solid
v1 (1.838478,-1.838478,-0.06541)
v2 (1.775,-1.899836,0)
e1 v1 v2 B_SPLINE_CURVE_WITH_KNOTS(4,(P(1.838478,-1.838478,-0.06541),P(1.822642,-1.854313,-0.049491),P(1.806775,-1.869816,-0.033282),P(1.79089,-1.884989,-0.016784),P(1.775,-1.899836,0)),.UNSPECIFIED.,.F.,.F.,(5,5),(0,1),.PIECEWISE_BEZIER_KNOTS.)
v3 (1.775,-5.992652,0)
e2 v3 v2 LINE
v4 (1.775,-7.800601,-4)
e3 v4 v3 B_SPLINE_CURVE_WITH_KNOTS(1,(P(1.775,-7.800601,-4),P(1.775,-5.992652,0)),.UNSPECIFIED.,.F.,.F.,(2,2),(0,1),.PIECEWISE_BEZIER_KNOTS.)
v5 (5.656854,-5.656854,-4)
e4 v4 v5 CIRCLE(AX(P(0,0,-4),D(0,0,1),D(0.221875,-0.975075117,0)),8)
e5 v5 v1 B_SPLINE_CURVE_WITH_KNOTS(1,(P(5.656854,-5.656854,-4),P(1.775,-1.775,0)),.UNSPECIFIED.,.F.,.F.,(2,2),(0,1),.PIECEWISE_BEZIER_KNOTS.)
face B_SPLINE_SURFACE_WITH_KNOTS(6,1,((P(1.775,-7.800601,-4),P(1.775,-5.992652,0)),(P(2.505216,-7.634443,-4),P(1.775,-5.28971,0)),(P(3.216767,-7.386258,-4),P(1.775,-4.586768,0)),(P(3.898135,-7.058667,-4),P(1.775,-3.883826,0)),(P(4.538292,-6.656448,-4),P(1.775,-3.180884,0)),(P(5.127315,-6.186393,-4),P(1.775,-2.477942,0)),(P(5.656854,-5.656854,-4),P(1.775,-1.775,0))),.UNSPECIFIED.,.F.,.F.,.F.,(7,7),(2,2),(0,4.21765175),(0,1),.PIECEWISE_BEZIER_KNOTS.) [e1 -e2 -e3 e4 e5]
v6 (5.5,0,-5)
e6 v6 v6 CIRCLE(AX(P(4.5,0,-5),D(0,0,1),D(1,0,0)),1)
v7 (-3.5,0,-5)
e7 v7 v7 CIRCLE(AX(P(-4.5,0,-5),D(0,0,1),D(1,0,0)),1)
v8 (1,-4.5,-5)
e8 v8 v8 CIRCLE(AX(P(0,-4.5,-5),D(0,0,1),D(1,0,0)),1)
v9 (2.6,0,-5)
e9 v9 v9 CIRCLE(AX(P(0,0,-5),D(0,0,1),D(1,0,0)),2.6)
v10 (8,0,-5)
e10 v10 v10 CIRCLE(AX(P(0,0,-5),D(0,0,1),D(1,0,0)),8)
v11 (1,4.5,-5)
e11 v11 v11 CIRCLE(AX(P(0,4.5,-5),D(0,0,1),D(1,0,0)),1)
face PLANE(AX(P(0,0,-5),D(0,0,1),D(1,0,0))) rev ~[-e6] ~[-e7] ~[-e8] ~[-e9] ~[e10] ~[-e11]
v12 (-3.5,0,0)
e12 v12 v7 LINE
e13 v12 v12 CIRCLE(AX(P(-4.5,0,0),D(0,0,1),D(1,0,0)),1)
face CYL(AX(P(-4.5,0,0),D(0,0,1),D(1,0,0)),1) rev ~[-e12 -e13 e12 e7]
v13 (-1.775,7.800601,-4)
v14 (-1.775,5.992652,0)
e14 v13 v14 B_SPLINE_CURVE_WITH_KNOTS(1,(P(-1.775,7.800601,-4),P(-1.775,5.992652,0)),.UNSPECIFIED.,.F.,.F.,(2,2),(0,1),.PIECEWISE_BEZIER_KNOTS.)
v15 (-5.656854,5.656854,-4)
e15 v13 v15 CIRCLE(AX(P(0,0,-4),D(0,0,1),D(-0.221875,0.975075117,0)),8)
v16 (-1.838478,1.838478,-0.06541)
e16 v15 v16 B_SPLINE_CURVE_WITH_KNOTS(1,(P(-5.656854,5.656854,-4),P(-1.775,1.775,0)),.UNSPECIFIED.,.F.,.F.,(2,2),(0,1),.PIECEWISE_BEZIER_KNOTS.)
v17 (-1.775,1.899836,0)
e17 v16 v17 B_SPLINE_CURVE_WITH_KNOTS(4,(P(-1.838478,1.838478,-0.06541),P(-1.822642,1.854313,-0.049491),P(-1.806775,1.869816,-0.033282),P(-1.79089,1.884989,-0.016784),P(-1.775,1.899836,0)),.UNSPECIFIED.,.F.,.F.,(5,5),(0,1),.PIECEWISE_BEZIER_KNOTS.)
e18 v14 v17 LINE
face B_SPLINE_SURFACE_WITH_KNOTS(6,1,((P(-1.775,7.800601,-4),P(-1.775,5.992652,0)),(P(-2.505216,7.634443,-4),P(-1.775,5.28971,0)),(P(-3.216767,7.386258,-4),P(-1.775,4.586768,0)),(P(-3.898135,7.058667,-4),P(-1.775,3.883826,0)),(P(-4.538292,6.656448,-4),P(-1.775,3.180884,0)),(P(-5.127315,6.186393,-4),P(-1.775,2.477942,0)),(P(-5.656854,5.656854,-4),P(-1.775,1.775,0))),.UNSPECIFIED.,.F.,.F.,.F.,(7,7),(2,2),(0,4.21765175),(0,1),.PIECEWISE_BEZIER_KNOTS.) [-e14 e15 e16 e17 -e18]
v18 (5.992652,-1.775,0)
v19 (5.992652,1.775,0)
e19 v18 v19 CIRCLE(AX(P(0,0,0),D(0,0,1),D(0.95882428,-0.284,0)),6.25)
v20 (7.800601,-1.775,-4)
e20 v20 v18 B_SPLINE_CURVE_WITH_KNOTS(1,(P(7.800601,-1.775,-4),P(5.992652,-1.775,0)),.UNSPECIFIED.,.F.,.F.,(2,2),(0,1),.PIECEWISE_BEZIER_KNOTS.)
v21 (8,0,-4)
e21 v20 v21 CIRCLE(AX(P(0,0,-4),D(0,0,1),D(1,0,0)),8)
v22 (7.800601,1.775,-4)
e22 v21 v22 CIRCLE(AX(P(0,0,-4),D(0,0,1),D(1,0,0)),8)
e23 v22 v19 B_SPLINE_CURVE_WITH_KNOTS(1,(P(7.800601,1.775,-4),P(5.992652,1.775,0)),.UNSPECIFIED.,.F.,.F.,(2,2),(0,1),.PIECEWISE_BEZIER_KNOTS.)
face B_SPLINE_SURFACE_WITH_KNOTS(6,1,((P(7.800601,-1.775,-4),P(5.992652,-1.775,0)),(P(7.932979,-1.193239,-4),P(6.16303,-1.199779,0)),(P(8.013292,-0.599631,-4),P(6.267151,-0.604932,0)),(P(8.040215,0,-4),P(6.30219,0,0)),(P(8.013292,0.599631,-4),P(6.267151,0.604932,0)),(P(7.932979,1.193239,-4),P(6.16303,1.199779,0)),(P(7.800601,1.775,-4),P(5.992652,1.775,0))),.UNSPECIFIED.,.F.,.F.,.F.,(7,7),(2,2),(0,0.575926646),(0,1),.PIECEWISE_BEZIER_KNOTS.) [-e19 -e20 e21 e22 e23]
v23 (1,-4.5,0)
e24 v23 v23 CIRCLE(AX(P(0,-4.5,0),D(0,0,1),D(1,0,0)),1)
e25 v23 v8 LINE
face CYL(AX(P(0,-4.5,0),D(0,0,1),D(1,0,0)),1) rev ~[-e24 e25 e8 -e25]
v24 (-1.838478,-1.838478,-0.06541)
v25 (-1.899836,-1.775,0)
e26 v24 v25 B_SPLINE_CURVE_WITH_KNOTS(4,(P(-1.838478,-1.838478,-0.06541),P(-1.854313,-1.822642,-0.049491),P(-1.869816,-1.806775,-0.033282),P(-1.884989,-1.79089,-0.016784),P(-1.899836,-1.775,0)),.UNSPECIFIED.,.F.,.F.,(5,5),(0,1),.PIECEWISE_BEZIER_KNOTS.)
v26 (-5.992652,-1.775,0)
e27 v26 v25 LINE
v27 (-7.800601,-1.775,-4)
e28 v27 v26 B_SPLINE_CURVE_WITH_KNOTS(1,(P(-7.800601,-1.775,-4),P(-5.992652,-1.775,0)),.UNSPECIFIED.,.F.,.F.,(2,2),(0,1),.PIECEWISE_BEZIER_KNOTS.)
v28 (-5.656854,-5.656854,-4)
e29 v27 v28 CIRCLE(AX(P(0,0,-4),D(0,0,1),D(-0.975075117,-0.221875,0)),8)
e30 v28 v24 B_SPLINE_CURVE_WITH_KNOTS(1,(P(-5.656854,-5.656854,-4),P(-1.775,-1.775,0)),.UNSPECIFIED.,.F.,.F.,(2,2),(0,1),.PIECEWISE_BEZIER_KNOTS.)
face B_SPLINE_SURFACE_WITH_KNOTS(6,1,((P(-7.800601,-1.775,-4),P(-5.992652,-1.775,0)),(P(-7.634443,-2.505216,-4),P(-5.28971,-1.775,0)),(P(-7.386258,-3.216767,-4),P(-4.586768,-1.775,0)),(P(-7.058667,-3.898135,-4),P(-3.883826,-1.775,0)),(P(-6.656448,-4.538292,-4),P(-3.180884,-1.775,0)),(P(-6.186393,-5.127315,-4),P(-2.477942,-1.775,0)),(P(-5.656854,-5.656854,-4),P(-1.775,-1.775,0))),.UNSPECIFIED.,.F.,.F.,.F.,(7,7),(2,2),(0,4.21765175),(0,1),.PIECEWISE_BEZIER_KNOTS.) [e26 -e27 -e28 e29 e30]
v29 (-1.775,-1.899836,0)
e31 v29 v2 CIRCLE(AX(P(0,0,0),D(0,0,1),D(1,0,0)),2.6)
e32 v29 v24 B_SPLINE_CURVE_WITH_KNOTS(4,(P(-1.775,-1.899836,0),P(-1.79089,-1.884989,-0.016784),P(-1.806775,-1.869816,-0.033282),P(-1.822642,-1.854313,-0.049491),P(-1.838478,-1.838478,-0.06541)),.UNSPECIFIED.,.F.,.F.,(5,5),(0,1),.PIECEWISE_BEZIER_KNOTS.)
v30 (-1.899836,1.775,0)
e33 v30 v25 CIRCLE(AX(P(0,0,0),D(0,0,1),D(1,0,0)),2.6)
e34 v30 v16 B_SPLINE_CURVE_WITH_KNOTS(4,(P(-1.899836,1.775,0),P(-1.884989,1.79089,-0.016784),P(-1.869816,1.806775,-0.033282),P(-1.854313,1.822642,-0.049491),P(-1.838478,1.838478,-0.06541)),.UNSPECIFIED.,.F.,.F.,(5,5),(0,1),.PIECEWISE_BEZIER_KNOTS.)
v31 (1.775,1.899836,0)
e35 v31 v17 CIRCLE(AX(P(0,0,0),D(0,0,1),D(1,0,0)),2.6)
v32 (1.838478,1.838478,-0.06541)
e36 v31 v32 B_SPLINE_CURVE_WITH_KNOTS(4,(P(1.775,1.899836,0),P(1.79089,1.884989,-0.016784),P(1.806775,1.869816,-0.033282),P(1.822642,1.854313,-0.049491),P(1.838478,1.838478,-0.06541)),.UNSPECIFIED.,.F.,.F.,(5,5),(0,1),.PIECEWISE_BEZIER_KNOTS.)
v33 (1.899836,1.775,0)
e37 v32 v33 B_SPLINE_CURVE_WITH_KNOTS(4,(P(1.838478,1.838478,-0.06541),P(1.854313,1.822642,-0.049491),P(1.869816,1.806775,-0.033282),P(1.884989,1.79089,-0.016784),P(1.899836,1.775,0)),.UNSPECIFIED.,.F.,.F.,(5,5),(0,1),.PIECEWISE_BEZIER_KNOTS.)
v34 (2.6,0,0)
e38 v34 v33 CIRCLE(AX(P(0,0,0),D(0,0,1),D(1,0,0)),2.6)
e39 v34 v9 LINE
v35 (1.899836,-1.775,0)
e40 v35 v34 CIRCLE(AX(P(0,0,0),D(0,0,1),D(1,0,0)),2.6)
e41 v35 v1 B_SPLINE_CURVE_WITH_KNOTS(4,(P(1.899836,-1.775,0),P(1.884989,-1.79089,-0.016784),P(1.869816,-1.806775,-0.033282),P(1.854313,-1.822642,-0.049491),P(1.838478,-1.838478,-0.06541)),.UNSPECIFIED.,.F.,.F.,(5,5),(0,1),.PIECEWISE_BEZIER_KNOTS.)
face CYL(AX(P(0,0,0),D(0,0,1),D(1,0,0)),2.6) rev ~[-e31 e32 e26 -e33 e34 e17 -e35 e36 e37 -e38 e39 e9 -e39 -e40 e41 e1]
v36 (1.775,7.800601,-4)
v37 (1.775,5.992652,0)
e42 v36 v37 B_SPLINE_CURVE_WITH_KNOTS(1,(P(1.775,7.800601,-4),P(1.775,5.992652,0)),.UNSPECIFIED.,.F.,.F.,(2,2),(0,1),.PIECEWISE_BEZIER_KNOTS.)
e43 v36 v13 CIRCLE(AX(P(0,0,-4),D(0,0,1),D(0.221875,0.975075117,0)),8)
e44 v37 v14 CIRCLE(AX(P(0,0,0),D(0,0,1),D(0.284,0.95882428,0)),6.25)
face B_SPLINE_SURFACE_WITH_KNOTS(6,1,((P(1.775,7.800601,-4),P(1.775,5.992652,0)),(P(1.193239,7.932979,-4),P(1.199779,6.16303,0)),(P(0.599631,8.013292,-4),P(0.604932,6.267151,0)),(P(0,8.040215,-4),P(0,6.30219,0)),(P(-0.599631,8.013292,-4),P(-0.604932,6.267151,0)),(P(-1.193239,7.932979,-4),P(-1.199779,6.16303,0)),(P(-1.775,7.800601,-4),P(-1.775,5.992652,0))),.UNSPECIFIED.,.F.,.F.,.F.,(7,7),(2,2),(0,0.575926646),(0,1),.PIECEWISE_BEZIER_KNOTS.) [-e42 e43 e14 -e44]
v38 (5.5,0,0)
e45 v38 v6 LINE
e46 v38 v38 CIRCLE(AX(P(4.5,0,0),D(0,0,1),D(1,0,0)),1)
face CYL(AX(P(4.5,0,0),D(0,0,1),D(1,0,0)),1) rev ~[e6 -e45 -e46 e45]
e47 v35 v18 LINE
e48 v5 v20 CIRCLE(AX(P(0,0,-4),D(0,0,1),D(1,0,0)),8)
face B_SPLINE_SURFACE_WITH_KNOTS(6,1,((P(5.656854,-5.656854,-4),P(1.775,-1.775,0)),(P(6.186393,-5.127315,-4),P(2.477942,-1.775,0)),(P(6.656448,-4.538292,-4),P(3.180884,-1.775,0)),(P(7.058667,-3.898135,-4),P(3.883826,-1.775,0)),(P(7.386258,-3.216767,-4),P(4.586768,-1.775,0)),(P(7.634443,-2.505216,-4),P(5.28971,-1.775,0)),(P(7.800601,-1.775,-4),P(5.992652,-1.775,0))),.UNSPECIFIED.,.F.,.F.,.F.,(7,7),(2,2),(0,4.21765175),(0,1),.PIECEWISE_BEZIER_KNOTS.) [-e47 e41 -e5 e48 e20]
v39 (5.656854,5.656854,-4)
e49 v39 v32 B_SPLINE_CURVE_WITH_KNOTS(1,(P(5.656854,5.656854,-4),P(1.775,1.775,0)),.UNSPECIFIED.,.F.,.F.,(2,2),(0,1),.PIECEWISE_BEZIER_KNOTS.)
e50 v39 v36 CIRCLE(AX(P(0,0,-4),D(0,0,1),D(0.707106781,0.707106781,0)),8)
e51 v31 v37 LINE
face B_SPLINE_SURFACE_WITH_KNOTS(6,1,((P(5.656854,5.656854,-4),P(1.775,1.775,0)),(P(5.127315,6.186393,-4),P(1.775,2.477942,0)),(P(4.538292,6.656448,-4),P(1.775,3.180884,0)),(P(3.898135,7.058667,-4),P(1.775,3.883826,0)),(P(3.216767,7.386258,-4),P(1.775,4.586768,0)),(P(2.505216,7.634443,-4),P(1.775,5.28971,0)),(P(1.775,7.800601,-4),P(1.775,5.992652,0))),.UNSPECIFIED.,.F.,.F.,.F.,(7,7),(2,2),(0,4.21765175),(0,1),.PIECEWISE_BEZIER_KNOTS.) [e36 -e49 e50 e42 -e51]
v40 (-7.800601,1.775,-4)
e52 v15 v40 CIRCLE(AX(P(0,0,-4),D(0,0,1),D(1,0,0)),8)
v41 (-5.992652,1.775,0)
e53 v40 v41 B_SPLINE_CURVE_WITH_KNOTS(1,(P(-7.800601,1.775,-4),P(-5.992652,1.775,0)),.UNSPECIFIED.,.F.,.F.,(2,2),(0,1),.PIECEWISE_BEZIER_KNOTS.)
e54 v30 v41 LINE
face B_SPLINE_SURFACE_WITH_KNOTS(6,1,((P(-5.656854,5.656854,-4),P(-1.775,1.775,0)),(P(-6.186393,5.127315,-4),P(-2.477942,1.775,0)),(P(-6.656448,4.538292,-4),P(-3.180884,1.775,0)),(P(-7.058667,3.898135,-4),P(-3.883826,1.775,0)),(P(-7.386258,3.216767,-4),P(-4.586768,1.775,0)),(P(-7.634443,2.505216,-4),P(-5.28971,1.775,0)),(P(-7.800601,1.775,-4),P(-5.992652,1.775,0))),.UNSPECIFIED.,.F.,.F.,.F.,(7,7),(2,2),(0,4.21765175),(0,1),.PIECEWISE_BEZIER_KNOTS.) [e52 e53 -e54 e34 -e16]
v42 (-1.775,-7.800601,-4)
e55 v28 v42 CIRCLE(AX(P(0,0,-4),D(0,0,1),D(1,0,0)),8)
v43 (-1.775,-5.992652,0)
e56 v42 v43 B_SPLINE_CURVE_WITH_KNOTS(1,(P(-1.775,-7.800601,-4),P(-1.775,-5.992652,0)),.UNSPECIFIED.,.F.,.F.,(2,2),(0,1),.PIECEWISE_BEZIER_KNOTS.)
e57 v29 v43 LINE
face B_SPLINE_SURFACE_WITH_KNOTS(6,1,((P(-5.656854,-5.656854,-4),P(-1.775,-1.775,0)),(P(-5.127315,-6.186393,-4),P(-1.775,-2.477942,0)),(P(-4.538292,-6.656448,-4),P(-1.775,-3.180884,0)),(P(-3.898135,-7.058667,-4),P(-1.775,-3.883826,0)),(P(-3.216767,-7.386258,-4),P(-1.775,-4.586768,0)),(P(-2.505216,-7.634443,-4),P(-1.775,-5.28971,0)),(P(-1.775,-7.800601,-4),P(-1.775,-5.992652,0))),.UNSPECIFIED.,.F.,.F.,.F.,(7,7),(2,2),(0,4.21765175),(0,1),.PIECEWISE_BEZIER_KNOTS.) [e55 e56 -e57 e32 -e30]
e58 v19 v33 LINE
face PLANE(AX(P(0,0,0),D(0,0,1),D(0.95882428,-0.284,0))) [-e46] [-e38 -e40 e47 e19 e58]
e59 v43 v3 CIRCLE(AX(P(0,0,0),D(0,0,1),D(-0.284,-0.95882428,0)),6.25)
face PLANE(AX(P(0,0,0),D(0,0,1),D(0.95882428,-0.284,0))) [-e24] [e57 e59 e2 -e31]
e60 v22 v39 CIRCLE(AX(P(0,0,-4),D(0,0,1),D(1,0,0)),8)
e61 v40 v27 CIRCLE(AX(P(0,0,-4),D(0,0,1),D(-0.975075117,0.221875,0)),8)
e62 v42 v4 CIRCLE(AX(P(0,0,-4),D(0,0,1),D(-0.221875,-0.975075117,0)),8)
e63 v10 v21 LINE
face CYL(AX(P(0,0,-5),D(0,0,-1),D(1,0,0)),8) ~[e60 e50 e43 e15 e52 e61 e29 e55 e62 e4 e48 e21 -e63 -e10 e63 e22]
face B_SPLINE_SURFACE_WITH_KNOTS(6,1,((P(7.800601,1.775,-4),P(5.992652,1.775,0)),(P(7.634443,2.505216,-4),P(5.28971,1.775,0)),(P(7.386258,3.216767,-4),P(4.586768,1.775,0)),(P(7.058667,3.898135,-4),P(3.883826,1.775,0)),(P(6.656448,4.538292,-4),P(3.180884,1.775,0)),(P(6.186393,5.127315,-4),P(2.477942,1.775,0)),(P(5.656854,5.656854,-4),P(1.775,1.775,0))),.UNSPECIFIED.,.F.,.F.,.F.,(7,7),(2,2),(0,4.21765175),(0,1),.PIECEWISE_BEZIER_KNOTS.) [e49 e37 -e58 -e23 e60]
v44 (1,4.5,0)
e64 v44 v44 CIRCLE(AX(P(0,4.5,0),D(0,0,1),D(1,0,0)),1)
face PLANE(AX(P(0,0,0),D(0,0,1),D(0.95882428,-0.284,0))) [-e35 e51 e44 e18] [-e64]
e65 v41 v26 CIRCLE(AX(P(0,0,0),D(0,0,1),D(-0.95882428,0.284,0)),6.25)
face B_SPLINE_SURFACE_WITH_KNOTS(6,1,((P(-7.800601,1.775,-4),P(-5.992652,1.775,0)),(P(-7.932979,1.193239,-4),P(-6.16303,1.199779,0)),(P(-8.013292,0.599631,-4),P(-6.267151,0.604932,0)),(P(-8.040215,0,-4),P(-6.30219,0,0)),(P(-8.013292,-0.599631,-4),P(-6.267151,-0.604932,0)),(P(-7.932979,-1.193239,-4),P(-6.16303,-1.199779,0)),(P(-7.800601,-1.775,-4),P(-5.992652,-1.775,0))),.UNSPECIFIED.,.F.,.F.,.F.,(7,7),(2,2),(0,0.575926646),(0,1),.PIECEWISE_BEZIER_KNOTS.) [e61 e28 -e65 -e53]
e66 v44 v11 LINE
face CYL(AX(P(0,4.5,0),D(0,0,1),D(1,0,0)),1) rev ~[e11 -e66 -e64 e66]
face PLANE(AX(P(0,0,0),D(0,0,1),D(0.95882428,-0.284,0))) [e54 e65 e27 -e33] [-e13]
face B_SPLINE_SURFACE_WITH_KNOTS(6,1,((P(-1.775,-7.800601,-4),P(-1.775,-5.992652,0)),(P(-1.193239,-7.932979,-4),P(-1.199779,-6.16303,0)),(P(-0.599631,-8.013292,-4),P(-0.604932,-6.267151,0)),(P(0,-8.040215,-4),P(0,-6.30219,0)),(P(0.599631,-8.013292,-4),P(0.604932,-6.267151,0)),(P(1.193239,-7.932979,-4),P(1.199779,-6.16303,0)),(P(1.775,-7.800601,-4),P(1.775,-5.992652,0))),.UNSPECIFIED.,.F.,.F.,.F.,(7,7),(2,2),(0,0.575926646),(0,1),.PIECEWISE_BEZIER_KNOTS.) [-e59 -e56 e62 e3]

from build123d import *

# Parameters (mm, degrees)
F2_R      = 8
F3_DEPTH  = 1
F9_R      = 1
F9_R_2    = 2.6
F10_DEPTH = 5.001


with BuildPart() as f3:
    # F2 (on offset) → F3 (new body)
    with BuildSketch(Plane.XY.offset(-5)):
        Circle(F2_R)
    extrude(amount=F3_DEPTH)

    # F4 (on face) → F5 section 0
    with BuildSketch(Plane.XY.offset(-4)):
        with BuildLine():
            Line((0, 0), (5.6568542495, 5.6568542495))
            ThreePointArc((5.6568542495, 5.6568542495), (3.8674315589, 7.0030688371), (1.775, 7.8006009384))
            ThreePointArc((1.775, 7.8006009384), (0, 8), (-1.775, 7.8006009384))
            ThreePointArc((-1.775, 7.8006009384), (-3.8674315589, 7.0030688371), (-5.6568542495, 5.6568542495))
            Line((-5.6568542495, 5.6568542495), (0, 0))
        make_face()
    # F0 (on Top) → F5 section 1
    with BuildSketch(Plane.XY):
        with BuildLine():
            Line((1.775, 1.775), (1.775, 5.9926517503))
            ThreePointArc((1.775, 5.9926517503), (0, 6.25), (-1.775, 5.9926517503))
            Line((-1.775, 5.9926517503), (-1.775, 1.775))
            Line((-1.775, 1.775), (0, 0))
            Line((0, 0), (1.775, 1.775))
        make_face()
    loft()

    # F4 (on face) → F6 section 0
    with BuildSketch(Plane.XY.offset(-4)):
        with BuildLine():
            Line((-5.6568542495, -5.6568542495), (0, 0))
            Line((0, 0), (-5.6568542495, 5.6568542495))
            ThreePointArc((-5.6568542495, 5.6568542495), (-7.0030688371, 3.8674315589), (-7.8006009384, 1.775))
            ThreePointArc((-7.8006009384, 1.775), (-8, 0), (-7.8006009384, -1.775))
            ThreePointArc((-7.8006009384, -1.775), (-7.0030688371, -3.8674315589), (-5.6568542495, -5.6568542495))
        make_face()
    # F0 (on Top) → F6 section 1
    with BuildSketch(Plane.XY):
        with BuildLine():
            Line((-1.775, -1.775), (0, 0))
            Line((0, 0), (-1.775, 1.775))
            Line((-1.775, 1.775), (-5.9926517503, 1.775))
            ThreePointArc((-5.9926517503, 1.775), (-6.25, 0), (-5.9926517503, -1.775))
            Line((-5.9926517503, -1.775), (-1.775, -1.775))
        make_face()
    loft()

    # F4 (on face) → F7 section 0
    with BuildSketch(Plane.XY.offset(-4)):
        with BuildLine():
            Line((5.6568542495, -5.6568542495), (0, 0))
            Line((0, 0), (-5.6568542495, -5.6568542495))
            ThreePointArc((-5.6568542495, -5.6568542495), (-3.8674315589, -7.0030688371), (-1.775, -7.8006009384))
            ThreePointArc((-1.775, -7.8006009384), (0, -8), (1.775, -7.8006009384))
            ThreePointArc((1.775, -7.8006009384), (3.8674315589, -7.0030688371), (5.6568542495, -5.6568542495))
        make_face()
    # F0 (on Top) → F7 section 1
    with BuildSketch(Plane.XY):
        with BuildLine():
            Line((1.775, -1.775), (0, 0))
            Line((0, 0), (-1.775, -1.775))
            Line((-1.775, -1.775), (-1.775, -5.9926517503))
            ThreePointArc((-1.775, -5.9926517503), (0, -6.25), (1.775, -5.9926517503))
            Line((1.775, -5.9926517503), (1.775, -1.775))
        make_face()
    loft()

    # F4 (on face) → F8 section 0
    with BuildSketch(Plane.XY.offset(-4)):
        with BuildLine():
            ThreePointArc((7.8006009384, 1.775), (7.0030688371, 3.8674315589), (5.6568542495, 5.6568542495))
            Line((5.6568542495, 5.6568542495), (0, 0))
            Line((0, 0), (5.6568542495, -5.6568542495))
            ThreePointArc((5.6568542495, -5.6568542495), (7.0030688371, -3.8674315589), (7.8006009384, -1.775))
            ThreePointArc((7.8006009384, -1.775), (8, 0), (7.8006009384, 1.775))
        make_face()
    # F0 (on Top) → F8 section 1
    with BuildSketch(Plane.XY):
        with BuildLine():
            Line((5.9926517503, 1.775), (1.775, 1.775))
            Line((1.775, 1.775), (0, 0))
            Line((0, 0), (1.775, -1.775))
            Line((1.775, -1.775), (5.9926517503, -1.775))
            ThreePointArc((5.9926517503, -1.775), (6.25, 0), (5.9926517503, 1.775))
        make_face()
    loft()

    # F9 (on Top) → F10 (cut, through all)
    with BuildSketch(Plane.XY):
        with Locations((0, 4.5)):
            Circle(F9_R)
        with Locations((4.5, 0)):
            Circle(F9_R)
        with Locations((0, -4.5)):
            Circle(F9_R)
        with Locations((-4.5, 0)):
            Circle(F9_R)
        Circle(F9_R_2)
    extrude(amount=-F10_DEPTH, mode=Mode.SUBTRACT)


solid = f3.part
